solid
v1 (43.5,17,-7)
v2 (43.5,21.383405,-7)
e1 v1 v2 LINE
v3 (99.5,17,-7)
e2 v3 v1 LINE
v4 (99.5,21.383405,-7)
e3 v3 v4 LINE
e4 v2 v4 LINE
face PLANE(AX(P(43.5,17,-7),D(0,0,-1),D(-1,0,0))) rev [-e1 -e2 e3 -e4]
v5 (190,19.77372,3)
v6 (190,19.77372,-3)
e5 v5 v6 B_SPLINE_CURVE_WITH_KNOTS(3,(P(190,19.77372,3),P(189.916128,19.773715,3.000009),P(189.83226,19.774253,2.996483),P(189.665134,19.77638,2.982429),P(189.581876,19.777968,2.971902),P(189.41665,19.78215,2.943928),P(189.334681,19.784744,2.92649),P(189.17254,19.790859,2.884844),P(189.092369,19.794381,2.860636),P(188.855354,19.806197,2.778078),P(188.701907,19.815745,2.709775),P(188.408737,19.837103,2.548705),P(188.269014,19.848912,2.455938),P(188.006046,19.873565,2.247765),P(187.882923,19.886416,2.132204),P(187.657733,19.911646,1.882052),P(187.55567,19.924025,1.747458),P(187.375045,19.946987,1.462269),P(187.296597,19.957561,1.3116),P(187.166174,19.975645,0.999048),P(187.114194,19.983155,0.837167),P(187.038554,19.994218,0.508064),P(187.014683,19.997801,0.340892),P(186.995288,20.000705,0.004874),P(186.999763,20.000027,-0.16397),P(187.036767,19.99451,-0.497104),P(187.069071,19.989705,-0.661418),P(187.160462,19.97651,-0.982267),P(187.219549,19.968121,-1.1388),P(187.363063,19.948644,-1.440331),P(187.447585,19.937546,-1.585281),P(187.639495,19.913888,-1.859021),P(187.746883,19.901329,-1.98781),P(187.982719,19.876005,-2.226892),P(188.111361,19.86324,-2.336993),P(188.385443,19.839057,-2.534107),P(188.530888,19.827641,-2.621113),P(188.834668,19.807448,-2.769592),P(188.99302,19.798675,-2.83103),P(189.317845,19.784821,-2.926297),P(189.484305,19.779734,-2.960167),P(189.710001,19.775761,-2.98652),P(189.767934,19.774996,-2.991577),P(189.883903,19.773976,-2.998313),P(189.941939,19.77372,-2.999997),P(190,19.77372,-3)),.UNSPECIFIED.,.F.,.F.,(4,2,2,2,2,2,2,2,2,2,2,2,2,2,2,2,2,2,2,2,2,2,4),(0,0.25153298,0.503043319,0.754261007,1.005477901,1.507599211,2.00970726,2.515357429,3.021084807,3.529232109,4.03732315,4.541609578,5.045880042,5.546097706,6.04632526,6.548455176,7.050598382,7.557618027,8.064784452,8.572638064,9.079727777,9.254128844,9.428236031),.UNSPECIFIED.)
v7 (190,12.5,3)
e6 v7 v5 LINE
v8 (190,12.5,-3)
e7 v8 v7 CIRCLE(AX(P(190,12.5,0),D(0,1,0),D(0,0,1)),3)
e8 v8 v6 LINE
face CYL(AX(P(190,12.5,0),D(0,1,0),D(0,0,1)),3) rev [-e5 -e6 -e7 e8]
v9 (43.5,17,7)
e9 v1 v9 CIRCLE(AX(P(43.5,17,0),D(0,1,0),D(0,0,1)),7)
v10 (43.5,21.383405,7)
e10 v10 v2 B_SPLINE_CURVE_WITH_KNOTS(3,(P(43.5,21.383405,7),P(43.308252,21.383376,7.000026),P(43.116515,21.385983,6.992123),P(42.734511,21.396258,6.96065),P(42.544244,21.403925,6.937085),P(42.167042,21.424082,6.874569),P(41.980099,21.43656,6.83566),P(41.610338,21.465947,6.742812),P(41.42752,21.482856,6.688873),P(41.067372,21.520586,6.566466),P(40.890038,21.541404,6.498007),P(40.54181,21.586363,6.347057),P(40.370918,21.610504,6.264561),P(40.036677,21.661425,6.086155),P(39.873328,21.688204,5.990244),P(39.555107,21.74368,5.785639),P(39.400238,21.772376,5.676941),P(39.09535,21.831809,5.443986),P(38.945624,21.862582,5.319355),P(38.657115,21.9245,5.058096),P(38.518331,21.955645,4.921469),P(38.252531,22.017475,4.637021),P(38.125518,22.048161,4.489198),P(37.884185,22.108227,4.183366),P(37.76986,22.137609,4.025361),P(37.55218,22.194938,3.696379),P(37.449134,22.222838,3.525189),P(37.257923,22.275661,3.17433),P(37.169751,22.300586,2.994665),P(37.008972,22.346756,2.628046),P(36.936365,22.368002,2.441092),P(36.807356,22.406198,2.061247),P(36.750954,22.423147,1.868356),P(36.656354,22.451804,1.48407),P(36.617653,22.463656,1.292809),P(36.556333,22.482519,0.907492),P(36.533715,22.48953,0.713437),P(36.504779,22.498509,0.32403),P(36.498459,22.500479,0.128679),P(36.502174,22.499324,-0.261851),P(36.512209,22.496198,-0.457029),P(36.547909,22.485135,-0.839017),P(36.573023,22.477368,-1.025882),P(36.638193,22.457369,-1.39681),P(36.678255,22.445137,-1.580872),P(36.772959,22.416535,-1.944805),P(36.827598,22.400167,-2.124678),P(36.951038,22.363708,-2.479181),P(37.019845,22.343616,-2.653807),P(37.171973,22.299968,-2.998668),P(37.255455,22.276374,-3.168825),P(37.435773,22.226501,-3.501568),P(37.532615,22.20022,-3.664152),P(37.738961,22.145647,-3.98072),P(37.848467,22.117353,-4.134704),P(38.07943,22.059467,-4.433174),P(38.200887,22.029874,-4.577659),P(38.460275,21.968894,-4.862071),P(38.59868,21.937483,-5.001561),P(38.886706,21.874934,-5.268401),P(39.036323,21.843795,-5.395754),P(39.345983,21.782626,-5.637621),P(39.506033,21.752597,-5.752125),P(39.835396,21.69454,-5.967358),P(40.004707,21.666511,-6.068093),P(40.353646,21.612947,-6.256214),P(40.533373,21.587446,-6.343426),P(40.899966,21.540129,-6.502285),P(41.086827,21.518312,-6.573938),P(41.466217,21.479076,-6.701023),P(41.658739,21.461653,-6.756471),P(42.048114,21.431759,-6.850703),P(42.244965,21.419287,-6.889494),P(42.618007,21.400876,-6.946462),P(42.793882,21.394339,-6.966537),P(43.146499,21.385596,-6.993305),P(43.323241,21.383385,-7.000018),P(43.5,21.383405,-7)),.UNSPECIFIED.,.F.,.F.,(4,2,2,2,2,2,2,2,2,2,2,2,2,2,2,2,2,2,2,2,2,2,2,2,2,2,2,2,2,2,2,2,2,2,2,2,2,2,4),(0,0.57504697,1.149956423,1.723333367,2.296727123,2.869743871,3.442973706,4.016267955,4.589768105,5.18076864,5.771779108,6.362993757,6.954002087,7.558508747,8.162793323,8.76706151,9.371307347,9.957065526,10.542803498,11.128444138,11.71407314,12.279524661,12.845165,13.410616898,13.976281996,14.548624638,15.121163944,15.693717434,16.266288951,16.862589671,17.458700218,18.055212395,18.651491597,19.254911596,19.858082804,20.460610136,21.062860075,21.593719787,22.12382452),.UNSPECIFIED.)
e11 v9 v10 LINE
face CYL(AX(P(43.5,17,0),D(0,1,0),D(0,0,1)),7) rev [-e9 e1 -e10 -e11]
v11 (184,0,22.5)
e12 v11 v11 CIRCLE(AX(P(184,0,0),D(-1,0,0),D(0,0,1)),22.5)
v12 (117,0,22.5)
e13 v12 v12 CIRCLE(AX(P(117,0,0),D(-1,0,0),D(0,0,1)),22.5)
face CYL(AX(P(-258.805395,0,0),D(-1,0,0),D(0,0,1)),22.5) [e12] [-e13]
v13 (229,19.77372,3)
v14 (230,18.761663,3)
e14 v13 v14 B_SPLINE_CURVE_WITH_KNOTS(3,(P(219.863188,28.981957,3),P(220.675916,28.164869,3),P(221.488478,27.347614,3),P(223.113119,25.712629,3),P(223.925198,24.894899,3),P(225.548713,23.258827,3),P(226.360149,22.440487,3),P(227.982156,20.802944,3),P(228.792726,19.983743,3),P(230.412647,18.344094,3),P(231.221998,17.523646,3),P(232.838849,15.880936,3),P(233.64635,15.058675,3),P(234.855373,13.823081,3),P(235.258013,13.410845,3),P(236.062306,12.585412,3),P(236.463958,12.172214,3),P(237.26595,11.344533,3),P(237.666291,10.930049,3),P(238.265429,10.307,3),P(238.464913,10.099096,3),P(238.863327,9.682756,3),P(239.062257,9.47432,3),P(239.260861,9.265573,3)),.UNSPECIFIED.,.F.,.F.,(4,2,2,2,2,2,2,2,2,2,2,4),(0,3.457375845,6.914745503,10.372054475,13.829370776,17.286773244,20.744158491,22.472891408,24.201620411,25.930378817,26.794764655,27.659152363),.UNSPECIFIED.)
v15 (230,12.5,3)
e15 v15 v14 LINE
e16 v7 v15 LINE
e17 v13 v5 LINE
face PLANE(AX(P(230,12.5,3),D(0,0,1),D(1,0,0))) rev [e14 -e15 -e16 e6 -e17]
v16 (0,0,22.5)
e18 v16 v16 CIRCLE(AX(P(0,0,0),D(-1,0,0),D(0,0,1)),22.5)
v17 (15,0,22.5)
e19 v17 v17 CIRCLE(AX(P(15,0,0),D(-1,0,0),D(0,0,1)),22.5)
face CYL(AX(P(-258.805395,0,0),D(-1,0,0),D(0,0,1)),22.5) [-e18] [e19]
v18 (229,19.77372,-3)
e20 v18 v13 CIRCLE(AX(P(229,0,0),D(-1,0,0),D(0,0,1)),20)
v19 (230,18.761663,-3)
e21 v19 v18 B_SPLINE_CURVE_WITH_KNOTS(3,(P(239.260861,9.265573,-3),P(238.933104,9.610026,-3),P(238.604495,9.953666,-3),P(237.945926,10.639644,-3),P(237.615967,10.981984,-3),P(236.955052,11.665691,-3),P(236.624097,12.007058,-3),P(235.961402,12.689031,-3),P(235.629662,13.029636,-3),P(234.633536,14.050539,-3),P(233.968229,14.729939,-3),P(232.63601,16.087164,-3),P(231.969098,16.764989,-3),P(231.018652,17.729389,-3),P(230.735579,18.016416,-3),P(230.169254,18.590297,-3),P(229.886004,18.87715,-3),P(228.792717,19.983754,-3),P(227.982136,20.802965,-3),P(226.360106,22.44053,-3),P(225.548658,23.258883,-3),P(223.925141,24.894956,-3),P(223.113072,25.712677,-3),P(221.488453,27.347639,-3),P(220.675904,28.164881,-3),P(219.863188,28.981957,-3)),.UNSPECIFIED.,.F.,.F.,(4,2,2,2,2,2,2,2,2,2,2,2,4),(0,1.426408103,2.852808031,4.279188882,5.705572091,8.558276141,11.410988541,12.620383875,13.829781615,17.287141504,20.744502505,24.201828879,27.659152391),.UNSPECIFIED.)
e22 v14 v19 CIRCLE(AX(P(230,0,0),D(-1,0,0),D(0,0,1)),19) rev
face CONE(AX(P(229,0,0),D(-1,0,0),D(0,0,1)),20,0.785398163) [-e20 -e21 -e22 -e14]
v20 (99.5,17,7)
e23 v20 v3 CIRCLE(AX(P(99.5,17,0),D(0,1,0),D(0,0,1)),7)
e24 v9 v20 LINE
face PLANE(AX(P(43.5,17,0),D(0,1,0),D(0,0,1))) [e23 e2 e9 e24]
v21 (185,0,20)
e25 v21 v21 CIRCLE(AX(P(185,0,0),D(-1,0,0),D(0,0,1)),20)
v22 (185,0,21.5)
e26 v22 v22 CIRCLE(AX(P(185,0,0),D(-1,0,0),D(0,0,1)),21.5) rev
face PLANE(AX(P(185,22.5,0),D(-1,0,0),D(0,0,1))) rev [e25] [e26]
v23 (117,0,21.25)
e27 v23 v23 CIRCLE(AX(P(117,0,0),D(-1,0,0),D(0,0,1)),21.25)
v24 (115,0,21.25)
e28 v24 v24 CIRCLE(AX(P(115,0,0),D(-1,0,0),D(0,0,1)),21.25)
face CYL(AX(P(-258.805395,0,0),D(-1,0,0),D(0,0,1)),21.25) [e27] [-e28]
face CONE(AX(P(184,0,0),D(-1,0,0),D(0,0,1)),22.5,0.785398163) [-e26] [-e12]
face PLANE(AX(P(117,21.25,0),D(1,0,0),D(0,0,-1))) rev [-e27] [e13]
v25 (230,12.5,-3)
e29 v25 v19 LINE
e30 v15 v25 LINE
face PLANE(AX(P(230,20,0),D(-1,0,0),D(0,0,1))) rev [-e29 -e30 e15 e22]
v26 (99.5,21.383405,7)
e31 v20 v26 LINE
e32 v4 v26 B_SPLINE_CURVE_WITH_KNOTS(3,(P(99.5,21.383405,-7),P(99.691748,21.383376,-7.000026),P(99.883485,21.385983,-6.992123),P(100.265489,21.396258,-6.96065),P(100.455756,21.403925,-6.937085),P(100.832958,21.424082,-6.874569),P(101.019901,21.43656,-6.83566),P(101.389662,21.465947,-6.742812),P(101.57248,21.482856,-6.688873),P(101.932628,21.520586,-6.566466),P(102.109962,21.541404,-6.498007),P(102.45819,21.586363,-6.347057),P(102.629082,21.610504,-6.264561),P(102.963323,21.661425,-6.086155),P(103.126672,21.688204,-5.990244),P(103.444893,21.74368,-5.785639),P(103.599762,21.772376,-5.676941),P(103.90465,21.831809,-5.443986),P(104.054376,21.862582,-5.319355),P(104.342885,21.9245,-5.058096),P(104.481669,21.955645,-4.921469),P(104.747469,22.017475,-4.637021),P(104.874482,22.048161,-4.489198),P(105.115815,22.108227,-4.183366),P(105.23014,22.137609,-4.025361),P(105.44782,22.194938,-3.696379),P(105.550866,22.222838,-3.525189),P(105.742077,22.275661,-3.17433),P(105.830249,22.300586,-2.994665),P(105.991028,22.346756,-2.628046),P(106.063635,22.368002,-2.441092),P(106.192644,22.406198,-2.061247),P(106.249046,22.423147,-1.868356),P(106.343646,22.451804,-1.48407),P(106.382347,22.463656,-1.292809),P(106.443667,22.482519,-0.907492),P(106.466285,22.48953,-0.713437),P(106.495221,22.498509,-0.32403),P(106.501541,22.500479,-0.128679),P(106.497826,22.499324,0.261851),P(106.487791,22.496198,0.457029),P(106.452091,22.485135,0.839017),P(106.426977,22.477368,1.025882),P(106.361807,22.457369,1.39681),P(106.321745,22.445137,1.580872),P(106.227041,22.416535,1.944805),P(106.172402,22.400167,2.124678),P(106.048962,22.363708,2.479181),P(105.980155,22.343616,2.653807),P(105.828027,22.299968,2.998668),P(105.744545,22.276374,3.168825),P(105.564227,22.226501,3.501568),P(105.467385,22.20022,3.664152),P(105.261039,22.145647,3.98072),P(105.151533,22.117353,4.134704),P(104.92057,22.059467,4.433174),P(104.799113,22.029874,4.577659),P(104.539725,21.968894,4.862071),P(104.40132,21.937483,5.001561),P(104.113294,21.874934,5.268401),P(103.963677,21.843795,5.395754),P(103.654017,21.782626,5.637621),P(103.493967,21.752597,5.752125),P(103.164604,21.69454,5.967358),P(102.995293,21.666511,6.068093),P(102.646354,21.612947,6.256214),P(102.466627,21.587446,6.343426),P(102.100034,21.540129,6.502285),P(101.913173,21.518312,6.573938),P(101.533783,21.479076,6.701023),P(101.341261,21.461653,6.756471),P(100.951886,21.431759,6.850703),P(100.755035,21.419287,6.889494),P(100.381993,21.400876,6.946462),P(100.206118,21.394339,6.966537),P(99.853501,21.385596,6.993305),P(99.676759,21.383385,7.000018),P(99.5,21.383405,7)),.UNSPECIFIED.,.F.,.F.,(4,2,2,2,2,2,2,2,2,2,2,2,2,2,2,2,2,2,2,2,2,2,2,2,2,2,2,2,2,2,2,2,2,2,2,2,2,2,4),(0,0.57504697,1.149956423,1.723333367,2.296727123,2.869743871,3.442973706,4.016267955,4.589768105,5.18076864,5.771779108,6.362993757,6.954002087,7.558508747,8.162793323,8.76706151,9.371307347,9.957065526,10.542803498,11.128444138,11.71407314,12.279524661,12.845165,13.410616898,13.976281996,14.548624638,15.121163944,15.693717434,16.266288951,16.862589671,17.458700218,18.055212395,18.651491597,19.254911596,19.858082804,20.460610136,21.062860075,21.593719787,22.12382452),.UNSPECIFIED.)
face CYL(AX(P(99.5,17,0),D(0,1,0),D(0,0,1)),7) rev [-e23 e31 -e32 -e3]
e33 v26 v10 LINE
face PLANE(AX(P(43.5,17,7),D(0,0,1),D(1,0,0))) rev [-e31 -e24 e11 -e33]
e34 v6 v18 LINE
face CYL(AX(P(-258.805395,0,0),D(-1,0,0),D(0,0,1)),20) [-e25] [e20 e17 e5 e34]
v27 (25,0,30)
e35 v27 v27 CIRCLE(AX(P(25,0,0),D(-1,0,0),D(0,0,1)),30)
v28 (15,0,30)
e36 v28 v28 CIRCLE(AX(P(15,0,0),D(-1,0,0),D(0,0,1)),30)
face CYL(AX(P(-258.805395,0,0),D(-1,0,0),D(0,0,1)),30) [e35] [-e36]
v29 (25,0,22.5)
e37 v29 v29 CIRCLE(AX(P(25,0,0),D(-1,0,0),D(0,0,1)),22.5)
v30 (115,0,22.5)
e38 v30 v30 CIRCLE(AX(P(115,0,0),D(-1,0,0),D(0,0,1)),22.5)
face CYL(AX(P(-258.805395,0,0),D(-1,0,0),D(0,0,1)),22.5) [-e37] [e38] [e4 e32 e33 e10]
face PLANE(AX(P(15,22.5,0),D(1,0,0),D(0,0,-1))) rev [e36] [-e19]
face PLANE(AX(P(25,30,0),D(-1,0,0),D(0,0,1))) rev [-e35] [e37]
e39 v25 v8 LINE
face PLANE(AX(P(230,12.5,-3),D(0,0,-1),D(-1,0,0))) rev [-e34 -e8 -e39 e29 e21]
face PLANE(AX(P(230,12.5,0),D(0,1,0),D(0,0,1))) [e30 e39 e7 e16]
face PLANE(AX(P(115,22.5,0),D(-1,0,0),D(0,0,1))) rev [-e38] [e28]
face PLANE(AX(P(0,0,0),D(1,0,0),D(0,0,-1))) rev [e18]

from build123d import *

# Parameters (mm, degrees)
ZKOSEN_1_SIZE            = 1
ODEBRAT_VYSUNUT_M1_DEPTH = 7.5
ODEBRAT_VYSUNUT_M2_DEPTH = 5.5


with BuildPart() as part:
    # Skica1 → Rotovat1 (revolve)
    with BuildSketch(Plane.XY):
        Polygon((0, 0), (0, 22.5), (15, 22.5), (15, 30), (25, 30), (25, 22.5), (115, 22.5), (115, 21.25), (117, 21.25), (117, 22.5), (185, 22.5), (185, 20), (230, 20), (230, 0), align=None)
    revolve(axis=Axis((-258.80539499, 0, 0), (1, 0, 0)))

    # Zkosení1
    zkosen_1_edges = [part.edges().sort_by_distance(p)[0] for p in [
        (185, -22.5, 0),
        (230, -20, 0),
    ]]
    chamfer(zkosen_1_edges, length=ZKOSEN_1_SIZE)

    # Skica6 → Odebrat vysunutím1 (cut)
    with BuildSketch(Plane(origin=(0, 20, 0), x_dir=(1, 0, 0), z_dir=(0, 1, 0))):
        with BuildLine():
            Line((230, -3), (190, -3))
            ThreePointArc((190, -3), (187, 0), (190, 3))
            Line((190, 3), (230, 3))
            ThreePointArc((230, 3), (233, 0), (230, -3))
        make_face()
    extrude(amount=-ODEBRAT_VYSUNUT_M1_DEPTH, mode=Mode.SUBTRACT)

    # Skica7 → Odebrat vysunutím2 (cut)
    with BuildSketch(Plane(origin=(0, 22.5, 0), x_dir=(1, 0, 0), z_dir=(0, 1, 0))):
        with BuildLine():
            Line((43.5, 7), (99.5, 7))
            ThreePointArc((99.5, 7), (106.5, 0), (99.5, -7))
            Line((99.5, -7), (43.5, -7))
            ThreePointArc((43.5, -7), (36.5, 0), (43.5, 7))
        make_face()
    extrude(amount=-ODEBRAT_VYSUNUT_M2_DEPTH, mode=Mode.SUBTRACT)


solid = part.part
